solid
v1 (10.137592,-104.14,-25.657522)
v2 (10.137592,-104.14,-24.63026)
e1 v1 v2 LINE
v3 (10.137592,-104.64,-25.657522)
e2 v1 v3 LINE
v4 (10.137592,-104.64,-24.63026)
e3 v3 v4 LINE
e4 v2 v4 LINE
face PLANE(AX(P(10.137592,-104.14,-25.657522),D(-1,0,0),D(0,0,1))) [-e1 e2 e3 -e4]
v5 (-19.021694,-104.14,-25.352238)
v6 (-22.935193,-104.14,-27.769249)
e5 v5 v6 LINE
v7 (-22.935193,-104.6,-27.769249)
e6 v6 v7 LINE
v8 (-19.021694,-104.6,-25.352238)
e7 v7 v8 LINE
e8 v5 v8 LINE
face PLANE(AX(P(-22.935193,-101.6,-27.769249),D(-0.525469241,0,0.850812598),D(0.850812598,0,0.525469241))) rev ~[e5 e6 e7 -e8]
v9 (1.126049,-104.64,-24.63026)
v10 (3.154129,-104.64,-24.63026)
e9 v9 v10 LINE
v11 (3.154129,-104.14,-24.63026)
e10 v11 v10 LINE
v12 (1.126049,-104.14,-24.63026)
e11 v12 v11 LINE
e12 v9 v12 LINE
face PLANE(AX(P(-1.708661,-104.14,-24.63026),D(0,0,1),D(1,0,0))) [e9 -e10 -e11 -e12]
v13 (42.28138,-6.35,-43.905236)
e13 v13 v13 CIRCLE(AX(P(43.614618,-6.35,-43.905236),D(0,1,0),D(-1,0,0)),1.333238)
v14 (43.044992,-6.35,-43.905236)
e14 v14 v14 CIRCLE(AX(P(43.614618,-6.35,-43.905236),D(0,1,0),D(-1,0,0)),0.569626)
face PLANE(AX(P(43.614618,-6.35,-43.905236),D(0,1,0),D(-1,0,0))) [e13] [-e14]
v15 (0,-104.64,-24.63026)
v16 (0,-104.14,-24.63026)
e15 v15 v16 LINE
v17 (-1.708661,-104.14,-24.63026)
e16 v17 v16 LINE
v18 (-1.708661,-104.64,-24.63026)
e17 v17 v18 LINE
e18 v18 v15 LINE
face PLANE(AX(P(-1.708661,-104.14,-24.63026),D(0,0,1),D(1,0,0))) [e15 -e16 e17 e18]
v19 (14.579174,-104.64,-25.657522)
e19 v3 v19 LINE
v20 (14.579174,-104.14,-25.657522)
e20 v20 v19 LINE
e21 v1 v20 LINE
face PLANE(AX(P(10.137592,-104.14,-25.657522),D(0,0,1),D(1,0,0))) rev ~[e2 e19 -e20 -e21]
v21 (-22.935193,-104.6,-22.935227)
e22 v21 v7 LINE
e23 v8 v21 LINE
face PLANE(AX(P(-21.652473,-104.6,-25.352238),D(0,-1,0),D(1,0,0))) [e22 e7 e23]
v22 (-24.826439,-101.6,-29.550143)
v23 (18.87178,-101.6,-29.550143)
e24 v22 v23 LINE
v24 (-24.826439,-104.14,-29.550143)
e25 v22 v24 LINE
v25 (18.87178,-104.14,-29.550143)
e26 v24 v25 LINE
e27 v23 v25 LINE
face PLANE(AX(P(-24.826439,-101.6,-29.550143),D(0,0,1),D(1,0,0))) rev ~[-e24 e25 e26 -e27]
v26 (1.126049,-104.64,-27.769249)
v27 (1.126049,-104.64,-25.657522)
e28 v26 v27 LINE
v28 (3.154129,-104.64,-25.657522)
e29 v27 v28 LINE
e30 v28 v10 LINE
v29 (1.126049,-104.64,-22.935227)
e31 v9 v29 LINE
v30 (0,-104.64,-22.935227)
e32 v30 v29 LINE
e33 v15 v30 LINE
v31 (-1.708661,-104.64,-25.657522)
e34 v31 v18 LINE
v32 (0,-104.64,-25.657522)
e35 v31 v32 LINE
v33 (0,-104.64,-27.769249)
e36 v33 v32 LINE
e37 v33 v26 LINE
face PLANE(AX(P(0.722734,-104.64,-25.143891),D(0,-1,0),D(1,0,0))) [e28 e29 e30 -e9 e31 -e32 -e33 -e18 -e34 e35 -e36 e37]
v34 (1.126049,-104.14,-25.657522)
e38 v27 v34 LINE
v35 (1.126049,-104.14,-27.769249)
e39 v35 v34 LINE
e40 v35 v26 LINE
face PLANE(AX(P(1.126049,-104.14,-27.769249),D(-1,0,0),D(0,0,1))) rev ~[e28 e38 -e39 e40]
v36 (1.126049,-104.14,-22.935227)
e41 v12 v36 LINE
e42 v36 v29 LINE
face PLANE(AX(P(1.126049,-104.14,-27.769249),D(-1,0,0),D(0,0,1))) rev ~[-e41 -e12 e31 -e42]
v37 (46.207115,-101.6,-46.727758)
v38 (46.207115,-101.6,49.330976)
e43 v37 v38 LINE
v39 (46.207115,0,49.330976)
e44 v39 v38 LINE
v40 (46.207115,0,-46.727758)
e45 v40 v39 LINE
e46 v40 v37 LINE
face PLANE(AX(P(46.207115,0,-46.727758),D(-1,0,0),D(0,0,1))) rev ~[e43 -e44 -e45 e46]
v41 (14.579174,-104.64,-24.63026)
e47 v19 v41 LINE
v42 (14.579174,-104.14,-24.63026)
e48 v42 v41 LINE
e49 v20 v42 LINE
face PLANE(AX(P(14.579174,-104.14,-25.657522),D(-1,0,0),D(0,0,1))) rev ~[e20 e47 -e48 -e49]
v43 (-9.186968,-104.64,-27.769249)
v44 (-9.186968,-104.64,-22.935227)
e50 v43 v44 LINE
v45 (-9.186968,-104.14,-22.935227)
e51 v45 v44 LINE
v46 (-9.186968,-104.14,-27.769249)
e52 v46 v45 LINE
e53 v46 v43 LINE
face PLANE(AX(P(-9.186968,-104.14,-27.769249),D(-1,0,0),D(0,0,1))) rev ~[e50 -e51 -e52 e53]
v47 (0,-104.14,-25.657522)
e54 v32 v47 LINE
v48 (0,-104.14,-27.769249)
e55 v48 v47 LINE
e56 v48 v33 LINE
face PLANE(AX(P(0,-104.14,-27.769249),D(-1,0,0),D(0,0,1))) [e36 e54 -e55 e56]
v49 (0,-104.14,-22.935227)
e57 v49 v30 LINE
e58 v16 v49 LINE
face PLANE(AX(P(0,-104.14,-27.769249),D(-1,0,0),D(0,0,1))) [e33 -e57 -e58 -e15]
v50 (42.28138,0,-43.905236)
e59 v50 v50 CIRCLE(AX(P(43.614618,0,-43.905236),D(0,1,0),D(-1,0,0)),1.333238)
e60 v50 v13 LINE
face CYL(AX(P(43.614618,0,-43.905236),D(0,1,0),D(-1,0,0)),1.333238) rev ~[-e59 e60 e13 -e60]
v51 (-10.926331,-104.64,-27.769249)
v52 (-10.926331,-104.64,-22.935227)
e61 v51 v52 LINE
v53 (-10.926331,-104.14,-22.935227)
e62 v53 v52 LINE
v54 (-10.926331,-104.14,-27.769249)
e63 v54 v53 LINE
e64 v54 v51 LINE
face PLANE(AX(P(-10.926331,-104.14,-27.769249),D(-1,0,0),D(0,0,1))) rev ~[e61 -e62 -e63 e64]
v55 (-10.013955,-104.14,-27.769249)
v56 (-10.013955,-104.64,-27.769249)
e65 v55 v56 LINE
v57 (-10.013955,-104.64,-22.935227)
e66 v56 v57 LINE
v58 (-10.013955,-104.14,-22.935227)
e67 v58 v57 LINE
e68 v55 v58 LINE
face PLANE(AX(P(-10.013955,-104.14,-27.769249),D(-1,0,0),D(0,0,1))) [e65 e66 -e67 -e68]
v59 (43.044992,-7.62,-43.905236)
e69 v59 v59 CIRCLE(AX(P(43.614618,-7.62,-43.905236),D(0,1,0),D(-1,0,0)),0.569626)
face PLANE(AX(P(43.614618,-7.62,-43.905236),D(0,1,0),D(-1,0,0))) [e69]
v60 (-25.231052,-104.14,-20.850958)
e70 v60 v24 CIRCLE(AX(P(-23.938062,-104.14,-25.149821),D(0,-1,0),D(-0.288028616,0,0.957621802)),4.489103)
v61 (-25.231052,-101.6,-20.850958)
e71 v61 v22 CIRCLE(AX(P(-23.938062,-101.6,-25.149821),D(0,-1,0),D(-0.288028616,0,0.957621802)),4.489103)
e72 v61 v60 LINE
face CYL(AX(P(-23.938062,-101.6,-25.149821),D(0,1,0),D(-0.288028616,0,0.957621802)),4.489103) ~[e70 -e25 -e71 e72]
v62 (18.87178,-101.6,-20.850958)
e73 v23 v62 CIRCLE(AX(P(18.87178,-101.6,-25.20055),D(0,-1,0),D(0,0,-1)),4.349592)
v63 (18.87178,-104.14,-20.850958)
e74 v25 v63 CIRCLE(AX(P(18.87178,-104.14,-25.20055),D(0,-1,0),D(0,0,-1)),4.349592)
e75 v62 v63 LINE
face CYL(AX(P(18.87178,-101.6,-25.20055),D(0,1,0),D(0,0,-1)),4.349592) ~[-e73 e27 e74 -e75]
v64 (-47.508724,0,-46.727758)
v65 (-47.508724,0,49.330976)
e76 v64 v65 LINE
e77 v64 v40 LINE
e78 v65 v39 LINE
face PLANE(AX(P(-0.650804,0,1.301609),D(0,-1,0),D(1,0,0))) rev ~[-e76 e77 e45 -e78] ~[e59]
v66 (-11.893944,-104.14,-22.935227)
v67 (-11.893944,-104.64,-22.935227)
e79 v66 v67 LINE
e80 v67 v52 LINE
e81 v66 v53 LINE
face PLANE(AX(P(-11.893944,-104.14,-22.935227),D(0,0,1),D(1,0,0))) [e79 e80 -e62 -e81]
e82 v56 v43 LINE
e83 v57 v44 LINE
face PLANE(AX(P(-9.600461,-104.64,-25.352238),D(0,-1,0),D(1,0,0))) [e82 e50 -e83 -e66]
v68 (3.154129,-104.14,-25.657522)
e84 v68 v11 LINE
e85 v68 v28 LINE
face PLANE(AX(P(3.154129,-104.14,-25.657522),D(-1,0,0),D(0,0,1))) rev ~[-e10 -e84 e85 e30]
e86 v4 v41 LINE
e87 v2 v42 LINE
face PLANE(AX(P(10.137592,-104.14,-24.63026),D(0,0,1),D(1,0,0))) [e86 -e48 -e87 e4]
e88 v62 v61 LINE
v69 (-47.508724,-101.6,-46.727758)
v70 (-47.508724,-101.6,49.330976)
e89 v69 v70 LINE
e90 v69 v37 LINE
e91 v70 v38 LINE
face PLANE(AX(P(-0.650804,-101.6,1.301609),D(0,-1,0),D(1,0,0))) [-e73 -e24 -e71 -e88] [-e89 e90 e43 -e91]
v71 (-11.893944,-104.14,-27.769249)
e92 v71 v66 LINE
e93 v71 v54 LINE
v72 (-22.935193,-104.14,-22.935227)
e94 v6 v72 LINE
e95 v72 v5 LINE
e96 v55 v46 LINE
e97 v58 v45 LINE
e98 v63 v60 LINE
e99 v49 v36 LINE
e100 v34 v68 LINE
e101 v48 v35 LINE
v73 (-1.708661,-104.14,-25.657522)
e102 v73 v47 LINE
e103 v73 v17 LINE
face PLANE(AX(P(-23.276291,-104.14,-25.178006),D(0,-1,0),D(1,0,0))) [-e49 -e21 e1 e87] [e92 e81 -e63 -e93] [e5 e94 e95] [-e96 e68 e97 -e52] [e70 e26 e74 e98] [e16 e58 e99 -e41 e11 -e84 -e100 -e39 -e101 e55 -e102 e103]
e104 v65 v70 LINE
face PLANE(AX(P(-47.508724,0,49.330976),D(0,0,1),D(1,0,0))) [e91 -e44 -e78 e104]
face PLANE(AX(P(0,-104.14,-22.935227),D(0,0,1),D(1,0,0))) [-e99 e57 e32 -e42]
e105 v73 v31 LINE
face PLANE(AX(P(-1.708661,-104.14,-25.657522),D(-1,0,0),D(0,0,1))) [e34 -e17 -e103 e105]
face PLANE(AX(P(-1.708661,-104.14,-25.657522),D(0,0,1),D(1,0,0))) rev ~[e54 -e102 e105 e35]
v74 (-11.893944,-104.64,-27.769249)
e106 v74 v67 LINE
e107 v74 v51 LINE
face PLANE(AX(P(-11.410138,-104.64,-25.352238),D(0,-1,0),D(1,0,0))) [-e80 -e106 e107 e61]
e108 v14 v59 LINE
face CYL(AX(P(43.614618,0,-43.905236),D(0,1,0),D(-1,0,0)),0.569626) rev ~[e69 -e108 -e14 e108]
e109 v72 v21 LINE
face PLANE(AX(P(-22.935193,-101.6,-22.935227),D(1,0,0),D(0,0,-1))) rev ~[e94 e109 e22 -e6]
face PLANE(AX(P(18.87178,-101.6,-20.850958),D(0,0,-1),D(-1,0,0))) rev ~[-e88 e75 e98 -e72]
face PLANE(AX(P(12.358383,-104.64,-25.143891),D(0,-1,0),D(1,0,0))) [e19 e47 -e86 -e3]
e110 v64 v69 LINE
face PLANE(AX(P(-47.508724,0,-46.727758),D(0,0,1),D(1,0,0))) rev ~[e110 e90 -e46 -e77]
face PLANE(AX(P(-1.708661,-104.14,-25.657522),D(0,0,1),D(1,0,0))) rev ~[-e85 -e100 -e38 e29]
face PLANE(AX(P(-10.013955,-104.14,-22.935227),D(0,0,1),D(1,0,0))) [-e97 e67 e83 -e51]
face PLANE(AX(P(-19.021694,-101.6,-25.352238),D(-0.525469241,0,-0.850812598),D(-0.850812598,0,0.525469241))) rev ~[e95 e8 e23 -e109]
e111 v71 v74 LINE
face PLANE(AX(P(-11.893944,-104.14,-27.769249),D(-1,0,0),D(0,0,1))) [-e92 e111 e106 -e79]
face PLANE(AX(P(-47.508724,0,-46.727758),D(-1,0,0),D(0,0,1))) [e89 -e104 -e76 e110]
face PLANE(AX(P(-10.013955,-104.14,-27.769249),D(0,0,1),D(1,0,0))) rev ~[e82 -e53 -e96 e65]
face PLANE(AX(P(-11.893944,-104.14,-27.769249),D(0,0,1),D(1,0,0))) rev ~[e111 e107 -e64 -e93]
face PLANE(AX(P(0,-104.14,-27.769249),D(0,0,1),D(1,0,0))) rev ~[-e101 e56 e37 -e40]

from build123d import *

# Parameters (mm, degrees)
F0_W      = 93.715839088
F0_H      = 96.0587337613
F1_DEPTH  = 101.6
F2_W      = 8.2945693284
F2_H      = 8.6991842836
F2_W_2    = 8.0922637135
F2_W_3    = 8.2945674658
F2_W_4    = 7.8899562359
F3_DEPTH  = 2.54
F5_DEPTH  = 3
F6_W      = 0.9676124901
F6_H      = 4.834022373
F6_W_2    = 0.8269865066
F7_DEPTH  = 0.5
F8_W      = 1.12604897
F8_H      = 4.834022373
F9_DEPTH  = 0.5
F10_W     = 4.8627895303
F10_H     = 1.0272618383
F11_DEPTH = 0.5
F12_W     = 4.4415825978
F12_H     = 1.0272618383
F13_DEPTH = 0.5
F14_R     = 1.3332383726
F15_DEPTH = 6.35
F16_R     = 0.5696263833
F17_DEPTH = 7.62


with BuildPart() as f1:
    # F0 (on Front) → F1 (new body)
    with BuildSketch(Plane.XZ):
        with Locations((-0.6508044899, 1.3016089797)):
            Rectangle(F0_W, F0_H)
    extrude(amount=F1_DEPTH)

    # F2 (on face) → F3 (join)
    with BuildSketch(Plane.XZ.offset(101.6)):
        with BuildLine():
            Line((-19.5664688945, -20.8509583026), (-25.2310521901, -20.8509583026))
            ThreePointArc((-25.2310521901, -20.8509583026), (-28.4223170669, -25.358390925), (-24.8264390975, -29.5501425862))
            Line((-24.8264390975, -29.5501425862), (-19.5664688945, -29.5501425862))
            Line((-19.5664688945, -29.5501425862), (-19.5664688945, -20.8509583026))
        make_face()
        with Locations((-15.4191842303, -25.2005504444)):
            Rectangle(F2_W, F2_H)
        with Locations((-7.2257677093, -25.2005504444)):
            Rectangle(F2_W_2, F2_H)
        with Locations((0.9676478803, -25.2005504444)):
            Rectangle(F2_W_3, F2_H)
        with Locations((9.0599097311, -25.2005504444)):
            Rectangle(F2_W_4, F2_H)
        with BuildLine():
            Line((18.8717804849, -20.8509583026), (13.0048878491, -20.8509583026))
            Line((13.0048878491, -20.8509583026), (13.0048878491, -29.5501425862))
            Line((13.0048878491, -29.5501425862), (18.8717804849, -29.5501425862))
            ThreePointArc((18.8717804849, -29.5501425862), (23.2213726267, -25.2005504444), (18.8717804849, -20.8509583026))
        make_face()
    extrude(amount=F3_DEPTH)

    # F4 (on face) → F5 (join)
    with BuildSketch(Plane.XZ.offset(101.6)):
        Polygon((-19.0216936171, -25.3522377461), (-22.935193032, -22.9352265596), (-22.935193032, -27.7692489326), align=None)
    extrude(amount=F5_DEPTH)

    # F6 (on face) → F7 (join)
    with BuildSketch(Plane.XZ.offset(104.14)):
        with Locations((-11.4101376384, -25.3522377461)):
            Rectangle(F6_W, F6_H)
        with Locations((-9.6004614606, -25.3522377461)):
            Rectangle(F6_W_2, F6_H)
    extrude(amount=F7_DEPTH)

    # F8 (on face) → F9 (join)
    with BuildSketch(Plane.XZ.offset(104.14)):
        with Locations((0.563024485, -25.3522377461)):
            Rectangle(F8_W, F8_H)
    extrude(amount=F9_DEPTH)

    # F10 (on face) → F11 (join)
    with BuildSketch(Plane.XZ.offset(104.14)):
        with Locations((0.7227337919, -25.1438906416)):
            Rectangle(F10_W, F10_H)
    extrude(amount=F11_DEPTH)

    # F12 (on face) → F13 (join)
    with BuildSketch(Plane.XZ.offset(104.14)):
        with Locations((12.3583828099, -25.1438906416)):
            Rectangle(F12_W, F12_H)
    extrude(amount=F13_DEPTH)

    # F14 (on face) → F15 (cut)
    with BuildSketch(Plane(origin=(0, 0, 0), x_dir=(-1, 0, 0), z_dir=(0, 1, 0))):
        with Locations((-43.6146184802, -43.905235827)):
            Circle(F14_R)
    extrude(amount=-F15_DEPTH, mode=Mode.SUBTRACT)

    # F16 (on face) → F17 (cut)
    with BuildSketch(Plane(origin=(0, 0, 0), x_dir=(-1, 0, 0), z_dir=(0, 1, 0))):
        with Locations((-43.6146184802, -43.905235827)):
            Circle(F16_R)
    extrude(amount=-F17_DEPTH, mode=Mode.SUBTRACT)


solid = f1.part
